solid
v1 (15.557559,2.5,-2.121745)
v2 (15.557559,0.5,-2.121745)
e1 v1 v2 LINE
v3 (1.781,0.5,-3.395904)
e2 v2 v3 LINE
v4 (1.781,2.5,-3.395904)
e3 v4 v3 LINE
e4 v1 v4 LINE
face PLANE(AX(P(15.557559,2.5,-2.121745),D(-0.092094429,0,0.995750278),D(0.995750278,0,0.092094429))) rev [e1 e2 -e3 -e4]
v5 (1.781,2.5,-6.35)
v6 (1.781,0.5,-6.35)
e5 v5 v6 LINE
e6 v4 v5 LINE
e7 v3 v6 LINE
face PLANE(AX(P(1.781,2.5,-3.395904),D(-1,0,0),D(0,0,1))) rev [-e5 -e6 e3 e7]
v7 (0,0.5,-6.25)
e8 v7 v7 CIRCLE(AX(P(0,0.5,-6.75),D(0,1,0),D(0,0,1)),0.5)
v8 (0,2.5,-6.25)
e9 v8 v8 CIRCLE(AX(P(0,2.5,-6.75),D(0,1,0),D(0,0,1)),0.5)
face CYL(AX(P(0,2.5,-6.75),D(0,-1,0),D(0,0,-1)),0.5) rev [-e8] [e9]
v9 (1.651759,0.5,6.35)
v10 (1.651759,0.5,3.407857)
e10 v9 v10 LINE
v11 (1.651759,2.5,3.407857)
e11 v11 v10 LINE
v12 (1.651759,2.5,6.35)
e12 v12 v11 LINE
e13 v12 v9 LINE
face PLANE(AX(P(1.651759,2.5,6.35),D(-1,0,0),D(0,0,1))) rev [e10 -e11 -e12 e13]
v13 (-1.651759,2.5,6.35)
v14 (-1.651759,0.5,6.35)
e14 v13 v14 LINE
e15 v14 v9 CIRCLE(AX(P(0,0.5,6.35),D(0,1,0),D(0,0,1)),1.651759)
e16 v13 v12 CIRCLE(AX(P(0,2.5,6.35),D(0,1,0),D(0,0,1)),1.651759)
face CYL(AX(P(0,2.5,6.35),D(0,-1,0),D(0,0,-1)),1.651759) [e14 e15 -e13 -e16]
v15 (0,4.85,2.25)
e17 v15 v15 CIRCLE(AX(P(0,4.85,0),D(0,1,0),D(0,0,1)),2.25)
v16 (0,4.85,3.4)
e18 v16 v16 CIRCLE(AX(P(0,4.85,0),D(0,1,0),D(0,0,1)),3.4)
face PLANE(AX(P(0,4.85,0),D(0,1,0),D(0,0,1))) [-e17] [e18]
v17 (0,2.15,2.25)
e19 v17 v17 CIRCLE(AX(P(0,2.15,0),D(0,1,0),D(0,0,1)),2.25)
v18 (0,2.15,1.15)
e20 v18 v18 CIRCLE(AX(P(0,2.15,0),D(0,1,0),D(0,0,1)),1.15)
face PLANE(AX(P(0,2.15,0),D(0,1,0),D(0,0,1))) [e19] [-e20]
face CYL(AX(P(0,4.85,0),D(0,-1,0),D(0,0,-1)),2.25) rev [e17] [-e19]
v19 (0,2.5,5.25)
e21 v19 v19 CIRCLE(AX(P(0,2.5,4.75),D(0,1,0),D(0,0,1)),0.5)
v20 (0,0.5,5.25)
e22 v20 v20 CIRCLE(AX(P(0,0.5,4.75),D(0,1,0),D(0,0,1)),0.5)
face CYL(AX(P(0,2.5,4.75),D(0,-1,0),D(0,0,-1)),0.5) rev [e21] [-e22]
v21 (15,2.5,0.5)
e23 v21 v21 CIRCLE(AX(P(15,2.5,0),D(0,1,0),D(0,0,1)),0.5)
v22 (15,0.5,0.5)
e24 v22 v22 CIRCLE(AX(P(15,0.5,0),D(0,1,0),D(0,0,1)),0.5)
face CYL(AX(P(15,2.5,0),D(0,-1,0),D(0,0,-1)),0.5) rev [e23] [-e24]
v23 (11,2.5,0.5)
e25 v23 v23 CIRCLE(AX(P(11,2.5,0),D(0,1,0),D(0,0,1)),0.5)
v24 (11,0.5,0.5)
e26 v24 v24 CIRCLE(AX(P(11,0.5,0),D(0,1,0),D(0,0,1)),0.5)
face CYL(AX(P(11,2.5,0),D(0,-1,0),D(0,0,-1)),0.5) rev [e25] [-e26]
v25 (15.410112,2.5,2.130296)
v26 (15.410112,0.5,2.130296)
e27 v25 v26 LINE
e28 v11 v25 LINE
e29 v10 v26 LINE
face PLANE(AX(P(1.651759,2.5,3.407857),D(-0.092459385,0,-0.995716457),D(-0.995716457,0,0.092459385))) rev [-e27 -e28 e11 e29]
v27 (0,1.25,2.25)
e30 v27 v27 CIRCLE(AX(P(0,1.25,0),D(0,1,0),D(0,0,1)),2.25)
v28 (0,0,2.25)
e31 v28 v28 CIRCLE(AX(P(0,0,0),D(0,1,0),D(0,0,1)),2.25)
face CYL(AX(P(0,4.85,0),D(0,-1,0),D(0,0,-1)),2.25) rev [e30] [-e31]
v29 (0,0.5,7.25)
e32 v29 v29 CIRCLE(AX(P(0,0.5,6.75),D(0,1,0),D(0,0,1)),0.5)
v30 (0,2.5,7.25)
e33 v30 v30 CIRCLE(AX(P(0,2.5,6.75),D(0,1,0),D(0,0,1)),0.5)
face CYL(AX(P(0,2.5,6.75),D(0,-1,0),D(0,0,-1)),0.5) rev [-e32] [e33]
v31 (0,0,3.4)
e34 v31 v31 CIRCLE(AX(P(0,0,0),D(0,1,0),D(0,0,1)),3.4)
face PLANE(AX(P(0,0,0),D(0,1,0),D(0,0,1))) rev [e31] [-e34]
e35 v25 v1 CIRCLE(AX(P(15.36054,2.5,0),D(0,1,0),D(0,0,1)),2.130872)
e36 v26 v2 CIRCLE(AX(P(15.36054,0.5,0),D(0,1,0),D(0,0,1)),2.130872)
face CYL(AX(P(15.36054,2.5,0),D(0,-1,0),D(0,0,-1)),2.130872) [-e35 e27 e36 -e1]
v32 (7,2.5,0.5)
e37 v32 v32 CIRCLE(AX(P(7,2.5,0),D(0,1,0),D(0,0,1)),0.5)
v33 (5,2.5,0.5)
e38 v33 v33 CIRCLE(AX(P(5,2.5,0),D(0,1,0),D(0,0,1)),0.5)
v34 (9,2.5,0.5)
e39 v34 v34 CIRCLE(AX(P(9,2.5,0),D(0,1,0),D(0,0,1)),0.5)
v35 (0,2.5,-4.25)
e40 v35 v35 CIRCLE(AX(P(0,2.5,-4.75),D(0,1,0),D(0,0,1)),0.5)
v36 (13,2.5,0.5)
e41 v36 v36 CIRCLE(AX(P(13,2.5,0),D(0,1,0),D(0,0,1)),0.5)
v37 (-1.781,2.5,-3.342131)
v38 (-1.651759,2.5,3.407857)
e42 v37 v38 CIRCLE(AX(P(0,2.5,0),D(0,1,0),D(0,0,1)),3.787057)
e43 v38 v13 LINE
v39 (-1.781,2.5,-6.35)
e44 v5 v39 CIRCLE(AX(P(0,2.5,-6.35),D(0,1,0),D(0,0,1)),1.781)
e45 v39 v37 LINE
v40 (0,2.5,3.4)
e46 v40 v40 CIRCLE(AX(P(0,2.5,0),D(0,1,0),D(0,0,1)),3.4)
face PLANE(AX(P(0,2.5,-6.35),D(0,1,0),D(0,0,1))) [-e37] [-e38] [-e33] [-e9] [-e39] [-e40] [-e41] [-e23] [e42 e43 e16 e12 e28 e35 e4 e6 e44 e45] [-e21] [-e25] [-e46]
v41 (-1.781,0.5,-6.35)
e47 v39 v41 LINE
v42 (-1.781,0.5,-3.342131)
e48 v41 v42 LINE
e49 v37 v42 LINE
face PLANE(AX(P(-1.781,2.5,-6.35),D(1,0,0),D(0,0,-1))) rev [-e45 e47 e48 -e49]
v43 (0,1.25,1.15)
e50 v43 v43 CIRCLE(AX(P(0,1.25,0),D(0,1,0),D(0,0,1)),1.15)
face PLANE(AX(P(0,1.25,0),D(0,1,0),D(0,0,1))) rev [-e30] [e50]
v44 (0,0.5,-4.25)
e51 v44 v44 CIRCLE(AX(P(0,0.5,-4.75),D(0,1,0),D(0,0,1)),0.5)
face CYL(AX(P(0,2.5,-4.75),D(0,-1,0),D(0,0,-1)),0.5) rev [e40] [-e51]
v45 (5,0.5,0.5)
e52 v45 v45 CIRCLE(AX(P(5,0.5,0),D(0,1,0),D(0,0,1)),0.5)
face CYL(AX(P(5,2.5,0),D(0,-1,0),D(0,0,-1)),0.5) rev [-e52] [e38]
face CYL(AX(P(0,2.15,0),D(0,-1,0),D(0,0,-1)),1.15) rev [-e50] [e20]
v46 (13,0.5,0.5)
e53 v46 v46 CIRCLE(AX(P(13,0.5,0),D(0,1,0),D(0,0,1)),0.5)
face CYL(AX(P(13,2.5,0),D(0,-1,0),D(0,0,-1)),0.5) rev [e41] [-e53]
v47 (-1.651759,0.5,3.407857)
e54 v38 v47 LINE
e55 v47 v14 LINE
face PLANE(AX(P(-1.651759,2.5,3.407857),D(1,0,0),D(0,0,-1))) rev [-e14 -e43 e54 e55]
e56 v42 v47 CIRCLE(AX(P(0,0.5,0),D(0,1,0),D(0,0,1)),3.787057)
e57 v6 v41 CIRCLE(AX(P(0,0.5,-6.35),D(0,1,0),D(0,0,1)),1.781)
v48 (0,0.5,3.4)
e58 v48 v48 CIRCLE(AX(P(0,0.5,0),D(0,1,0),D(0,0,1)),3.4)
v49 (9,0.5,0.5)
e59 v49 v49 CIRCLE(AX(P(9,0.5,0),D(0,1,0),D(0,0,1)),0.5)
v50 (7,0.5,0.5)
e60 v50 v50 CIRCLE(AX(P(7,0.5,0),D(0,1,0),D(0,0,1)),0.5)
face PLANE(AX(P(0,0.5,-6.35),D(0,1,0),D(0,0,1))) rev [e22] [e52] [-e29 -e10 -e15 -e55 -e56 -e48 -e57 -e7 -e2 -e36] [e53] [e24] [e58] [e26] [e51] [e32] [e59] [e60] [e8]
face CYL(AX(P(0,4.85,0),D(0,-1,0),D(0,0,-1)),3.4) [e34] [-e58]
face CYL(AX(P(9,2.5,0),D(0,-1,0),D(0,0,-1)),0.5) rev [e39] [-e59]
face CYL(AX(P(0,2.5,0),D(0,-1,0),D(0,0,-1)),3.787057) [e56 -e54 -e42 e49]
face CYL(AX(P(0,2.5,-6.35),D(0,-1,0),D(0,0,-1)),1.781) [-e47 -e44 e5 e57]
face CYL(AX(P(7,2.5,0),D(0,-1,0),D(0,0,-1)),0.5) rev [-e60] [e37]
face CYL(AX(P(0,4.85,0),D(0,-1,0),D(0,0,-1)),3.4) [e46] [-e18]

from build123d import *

# Parameters (mm, degrees)
SKETCH_1_R      = 3.4
SKETCH_1_R_2    = 2.25
EXTRUDE_1_DEPTH = 4.85
EXTRUDE_START   = 0.5
SKETCH_2_R      = 2.25
SKETCH_2_R_2    = 0.5
EXTRUDE_2_DEPTH = 2
EXTRUDE_START_2 = 1.25
SKETCH_3_R      = 2.25
SKETCH_3_R_2    = 1.15
EXTRUDE_3_DEPTH = 0.9


with BuildPart() as part:
    # 草图1 → 凸台-拉伸1 (new body)
    with BuildSketch(Plane(origin=(0, 0, 0), x_dir=(1, 0, 0), z_dir=(0, 1, 0))):
        with Locations(Location((0, 0, 0), (0, 0, 270))):
            Circle(SKETCH_1_R)
        with Locations(Location((0, 0, 0), (0, 0, 270))):
            Circle(SKETCH_1_R_2, mode=Mode.SUBTRACT)
    extrude(amount=EXTRUDE_1_DEPTH)

    # 草图2 → 凸台-拉伸2 (add)
    with BuildSketch(Plane(origin=(0, 0, 0), x_dir=(1, 0, 0), z_dir=(0, 1, 0)).offset(EXTRUDE_START)):
        with BuildLine():
            Line((1.781000011, 3.395903963), (1.781000011, 6.35))
            ThreePointArc((1.781000011, 6.35), (0, 8.13100001), (-1.781000011, 6.35))
            Line((-1.781000011, 6.35), (-1.781000011, 3.342130588))
            ThreePointArc((-1.781000011, 3.342130588), (-3.786362647, -0.072496957), (-1.651758938, -3.407857144))
            Line((-1.651758938, -3.407857144), (-1.651758938, -6.35))
            ThreePointArc((-1.651758938, -6.35), (0, -8.001758939), (1.651758938, -6.35))
            Line((1.651758938, -6.35), (1.651758938, -3.407857144))
            Line((1.651758938, -3.407857144), (15.410111856, -2.130295801))
            ThreePointArc((15.410111856, -2.130295801), (17.490132215, -0.073847388), (15.557558889, 2.121744812))
            Line((15.557558889, 2.121744812), (1.781000011, 3.395903963))
        make_face()
        with Locations(Location((0, 0, 0), (0, 0, 270))):
            Circle(SKETCH_2_R, mode=Mode.SUBTRACT)
        with Locations(Location((0, -6.75, 0), (0, 0, 270))):
            Circle(SKETCH_2_R_2, mode=Mode.SUBTRACT)
        with Locations(Location((0, -4.75, 0), (0, 0, 270))):
            Circle(SKETCH_2_R_2, mode=Mode.SUBTRACT)
        with Locations(Location((15, 0, 0), (0, 0, 270))):
            Circle(SKETCH_2_R_2, mode=Mode.SUBTRACT)
        with Locations(Location((13, 0, 0), (0, 0, 270))):
            Circle(SKETCH_2_R_2, mode=Mode.SUBTRACT)
        with Locations(Location((11, 0, 0), (0, 0, 270))):
            Circle(SKETCH_2_R_2, mode=Mode.SUBTRACT)
        with Locations(Location((9, 0, 0), (0, 0, 270))):
            Circle(SKETCH_2_R_2, mode=Mode.SUBTRACT)
        with Locations(Location((7, 0, 0), (0, 0, 270))):
            Circle(SKETCH_2_R_2, mode=Mode.SUBTRACT)
        with Locations(Location((5, 0, 0), (0, 0, 270))):
            Circle(SKETCH_2_R_2, mode=Mode.SUBTRACT)
        with Locations(Location((0, 6.75, 0), (0, 0, 270))):
            Circle(SKETCH_2_R_2, mode=Mode.SUBTRACT)
        with Locations(Location((0, 4.75, 0), (0, 0, 270))):
            Circle(SKETCH_2_R_2, mode=Mode.SUBTRACT)
    extrude(amount=EXTRUDE_2_DEPTH)

    # 草图3 → 凸台-拉伸3 (add)
    with BuildSketch(Plane(origin=(0, 0, 0), x_dir=(1, 0, 0), z_dir=(0, 1, 0)).offset(EXTRUDE_START_2)):
        with Locations(Location((0, 0, 0), (0, 0, 270))):
            Circle(SKETCH_3_R)
        with Locations(Location((0, 0, 0), (0, 0, 270))):
            Circle(SKETCH_3_R_2, mode=Mode.SUBTRACT)
    extrude(amount=EXTRUDE_3_DEPTH)


solid = part.part
